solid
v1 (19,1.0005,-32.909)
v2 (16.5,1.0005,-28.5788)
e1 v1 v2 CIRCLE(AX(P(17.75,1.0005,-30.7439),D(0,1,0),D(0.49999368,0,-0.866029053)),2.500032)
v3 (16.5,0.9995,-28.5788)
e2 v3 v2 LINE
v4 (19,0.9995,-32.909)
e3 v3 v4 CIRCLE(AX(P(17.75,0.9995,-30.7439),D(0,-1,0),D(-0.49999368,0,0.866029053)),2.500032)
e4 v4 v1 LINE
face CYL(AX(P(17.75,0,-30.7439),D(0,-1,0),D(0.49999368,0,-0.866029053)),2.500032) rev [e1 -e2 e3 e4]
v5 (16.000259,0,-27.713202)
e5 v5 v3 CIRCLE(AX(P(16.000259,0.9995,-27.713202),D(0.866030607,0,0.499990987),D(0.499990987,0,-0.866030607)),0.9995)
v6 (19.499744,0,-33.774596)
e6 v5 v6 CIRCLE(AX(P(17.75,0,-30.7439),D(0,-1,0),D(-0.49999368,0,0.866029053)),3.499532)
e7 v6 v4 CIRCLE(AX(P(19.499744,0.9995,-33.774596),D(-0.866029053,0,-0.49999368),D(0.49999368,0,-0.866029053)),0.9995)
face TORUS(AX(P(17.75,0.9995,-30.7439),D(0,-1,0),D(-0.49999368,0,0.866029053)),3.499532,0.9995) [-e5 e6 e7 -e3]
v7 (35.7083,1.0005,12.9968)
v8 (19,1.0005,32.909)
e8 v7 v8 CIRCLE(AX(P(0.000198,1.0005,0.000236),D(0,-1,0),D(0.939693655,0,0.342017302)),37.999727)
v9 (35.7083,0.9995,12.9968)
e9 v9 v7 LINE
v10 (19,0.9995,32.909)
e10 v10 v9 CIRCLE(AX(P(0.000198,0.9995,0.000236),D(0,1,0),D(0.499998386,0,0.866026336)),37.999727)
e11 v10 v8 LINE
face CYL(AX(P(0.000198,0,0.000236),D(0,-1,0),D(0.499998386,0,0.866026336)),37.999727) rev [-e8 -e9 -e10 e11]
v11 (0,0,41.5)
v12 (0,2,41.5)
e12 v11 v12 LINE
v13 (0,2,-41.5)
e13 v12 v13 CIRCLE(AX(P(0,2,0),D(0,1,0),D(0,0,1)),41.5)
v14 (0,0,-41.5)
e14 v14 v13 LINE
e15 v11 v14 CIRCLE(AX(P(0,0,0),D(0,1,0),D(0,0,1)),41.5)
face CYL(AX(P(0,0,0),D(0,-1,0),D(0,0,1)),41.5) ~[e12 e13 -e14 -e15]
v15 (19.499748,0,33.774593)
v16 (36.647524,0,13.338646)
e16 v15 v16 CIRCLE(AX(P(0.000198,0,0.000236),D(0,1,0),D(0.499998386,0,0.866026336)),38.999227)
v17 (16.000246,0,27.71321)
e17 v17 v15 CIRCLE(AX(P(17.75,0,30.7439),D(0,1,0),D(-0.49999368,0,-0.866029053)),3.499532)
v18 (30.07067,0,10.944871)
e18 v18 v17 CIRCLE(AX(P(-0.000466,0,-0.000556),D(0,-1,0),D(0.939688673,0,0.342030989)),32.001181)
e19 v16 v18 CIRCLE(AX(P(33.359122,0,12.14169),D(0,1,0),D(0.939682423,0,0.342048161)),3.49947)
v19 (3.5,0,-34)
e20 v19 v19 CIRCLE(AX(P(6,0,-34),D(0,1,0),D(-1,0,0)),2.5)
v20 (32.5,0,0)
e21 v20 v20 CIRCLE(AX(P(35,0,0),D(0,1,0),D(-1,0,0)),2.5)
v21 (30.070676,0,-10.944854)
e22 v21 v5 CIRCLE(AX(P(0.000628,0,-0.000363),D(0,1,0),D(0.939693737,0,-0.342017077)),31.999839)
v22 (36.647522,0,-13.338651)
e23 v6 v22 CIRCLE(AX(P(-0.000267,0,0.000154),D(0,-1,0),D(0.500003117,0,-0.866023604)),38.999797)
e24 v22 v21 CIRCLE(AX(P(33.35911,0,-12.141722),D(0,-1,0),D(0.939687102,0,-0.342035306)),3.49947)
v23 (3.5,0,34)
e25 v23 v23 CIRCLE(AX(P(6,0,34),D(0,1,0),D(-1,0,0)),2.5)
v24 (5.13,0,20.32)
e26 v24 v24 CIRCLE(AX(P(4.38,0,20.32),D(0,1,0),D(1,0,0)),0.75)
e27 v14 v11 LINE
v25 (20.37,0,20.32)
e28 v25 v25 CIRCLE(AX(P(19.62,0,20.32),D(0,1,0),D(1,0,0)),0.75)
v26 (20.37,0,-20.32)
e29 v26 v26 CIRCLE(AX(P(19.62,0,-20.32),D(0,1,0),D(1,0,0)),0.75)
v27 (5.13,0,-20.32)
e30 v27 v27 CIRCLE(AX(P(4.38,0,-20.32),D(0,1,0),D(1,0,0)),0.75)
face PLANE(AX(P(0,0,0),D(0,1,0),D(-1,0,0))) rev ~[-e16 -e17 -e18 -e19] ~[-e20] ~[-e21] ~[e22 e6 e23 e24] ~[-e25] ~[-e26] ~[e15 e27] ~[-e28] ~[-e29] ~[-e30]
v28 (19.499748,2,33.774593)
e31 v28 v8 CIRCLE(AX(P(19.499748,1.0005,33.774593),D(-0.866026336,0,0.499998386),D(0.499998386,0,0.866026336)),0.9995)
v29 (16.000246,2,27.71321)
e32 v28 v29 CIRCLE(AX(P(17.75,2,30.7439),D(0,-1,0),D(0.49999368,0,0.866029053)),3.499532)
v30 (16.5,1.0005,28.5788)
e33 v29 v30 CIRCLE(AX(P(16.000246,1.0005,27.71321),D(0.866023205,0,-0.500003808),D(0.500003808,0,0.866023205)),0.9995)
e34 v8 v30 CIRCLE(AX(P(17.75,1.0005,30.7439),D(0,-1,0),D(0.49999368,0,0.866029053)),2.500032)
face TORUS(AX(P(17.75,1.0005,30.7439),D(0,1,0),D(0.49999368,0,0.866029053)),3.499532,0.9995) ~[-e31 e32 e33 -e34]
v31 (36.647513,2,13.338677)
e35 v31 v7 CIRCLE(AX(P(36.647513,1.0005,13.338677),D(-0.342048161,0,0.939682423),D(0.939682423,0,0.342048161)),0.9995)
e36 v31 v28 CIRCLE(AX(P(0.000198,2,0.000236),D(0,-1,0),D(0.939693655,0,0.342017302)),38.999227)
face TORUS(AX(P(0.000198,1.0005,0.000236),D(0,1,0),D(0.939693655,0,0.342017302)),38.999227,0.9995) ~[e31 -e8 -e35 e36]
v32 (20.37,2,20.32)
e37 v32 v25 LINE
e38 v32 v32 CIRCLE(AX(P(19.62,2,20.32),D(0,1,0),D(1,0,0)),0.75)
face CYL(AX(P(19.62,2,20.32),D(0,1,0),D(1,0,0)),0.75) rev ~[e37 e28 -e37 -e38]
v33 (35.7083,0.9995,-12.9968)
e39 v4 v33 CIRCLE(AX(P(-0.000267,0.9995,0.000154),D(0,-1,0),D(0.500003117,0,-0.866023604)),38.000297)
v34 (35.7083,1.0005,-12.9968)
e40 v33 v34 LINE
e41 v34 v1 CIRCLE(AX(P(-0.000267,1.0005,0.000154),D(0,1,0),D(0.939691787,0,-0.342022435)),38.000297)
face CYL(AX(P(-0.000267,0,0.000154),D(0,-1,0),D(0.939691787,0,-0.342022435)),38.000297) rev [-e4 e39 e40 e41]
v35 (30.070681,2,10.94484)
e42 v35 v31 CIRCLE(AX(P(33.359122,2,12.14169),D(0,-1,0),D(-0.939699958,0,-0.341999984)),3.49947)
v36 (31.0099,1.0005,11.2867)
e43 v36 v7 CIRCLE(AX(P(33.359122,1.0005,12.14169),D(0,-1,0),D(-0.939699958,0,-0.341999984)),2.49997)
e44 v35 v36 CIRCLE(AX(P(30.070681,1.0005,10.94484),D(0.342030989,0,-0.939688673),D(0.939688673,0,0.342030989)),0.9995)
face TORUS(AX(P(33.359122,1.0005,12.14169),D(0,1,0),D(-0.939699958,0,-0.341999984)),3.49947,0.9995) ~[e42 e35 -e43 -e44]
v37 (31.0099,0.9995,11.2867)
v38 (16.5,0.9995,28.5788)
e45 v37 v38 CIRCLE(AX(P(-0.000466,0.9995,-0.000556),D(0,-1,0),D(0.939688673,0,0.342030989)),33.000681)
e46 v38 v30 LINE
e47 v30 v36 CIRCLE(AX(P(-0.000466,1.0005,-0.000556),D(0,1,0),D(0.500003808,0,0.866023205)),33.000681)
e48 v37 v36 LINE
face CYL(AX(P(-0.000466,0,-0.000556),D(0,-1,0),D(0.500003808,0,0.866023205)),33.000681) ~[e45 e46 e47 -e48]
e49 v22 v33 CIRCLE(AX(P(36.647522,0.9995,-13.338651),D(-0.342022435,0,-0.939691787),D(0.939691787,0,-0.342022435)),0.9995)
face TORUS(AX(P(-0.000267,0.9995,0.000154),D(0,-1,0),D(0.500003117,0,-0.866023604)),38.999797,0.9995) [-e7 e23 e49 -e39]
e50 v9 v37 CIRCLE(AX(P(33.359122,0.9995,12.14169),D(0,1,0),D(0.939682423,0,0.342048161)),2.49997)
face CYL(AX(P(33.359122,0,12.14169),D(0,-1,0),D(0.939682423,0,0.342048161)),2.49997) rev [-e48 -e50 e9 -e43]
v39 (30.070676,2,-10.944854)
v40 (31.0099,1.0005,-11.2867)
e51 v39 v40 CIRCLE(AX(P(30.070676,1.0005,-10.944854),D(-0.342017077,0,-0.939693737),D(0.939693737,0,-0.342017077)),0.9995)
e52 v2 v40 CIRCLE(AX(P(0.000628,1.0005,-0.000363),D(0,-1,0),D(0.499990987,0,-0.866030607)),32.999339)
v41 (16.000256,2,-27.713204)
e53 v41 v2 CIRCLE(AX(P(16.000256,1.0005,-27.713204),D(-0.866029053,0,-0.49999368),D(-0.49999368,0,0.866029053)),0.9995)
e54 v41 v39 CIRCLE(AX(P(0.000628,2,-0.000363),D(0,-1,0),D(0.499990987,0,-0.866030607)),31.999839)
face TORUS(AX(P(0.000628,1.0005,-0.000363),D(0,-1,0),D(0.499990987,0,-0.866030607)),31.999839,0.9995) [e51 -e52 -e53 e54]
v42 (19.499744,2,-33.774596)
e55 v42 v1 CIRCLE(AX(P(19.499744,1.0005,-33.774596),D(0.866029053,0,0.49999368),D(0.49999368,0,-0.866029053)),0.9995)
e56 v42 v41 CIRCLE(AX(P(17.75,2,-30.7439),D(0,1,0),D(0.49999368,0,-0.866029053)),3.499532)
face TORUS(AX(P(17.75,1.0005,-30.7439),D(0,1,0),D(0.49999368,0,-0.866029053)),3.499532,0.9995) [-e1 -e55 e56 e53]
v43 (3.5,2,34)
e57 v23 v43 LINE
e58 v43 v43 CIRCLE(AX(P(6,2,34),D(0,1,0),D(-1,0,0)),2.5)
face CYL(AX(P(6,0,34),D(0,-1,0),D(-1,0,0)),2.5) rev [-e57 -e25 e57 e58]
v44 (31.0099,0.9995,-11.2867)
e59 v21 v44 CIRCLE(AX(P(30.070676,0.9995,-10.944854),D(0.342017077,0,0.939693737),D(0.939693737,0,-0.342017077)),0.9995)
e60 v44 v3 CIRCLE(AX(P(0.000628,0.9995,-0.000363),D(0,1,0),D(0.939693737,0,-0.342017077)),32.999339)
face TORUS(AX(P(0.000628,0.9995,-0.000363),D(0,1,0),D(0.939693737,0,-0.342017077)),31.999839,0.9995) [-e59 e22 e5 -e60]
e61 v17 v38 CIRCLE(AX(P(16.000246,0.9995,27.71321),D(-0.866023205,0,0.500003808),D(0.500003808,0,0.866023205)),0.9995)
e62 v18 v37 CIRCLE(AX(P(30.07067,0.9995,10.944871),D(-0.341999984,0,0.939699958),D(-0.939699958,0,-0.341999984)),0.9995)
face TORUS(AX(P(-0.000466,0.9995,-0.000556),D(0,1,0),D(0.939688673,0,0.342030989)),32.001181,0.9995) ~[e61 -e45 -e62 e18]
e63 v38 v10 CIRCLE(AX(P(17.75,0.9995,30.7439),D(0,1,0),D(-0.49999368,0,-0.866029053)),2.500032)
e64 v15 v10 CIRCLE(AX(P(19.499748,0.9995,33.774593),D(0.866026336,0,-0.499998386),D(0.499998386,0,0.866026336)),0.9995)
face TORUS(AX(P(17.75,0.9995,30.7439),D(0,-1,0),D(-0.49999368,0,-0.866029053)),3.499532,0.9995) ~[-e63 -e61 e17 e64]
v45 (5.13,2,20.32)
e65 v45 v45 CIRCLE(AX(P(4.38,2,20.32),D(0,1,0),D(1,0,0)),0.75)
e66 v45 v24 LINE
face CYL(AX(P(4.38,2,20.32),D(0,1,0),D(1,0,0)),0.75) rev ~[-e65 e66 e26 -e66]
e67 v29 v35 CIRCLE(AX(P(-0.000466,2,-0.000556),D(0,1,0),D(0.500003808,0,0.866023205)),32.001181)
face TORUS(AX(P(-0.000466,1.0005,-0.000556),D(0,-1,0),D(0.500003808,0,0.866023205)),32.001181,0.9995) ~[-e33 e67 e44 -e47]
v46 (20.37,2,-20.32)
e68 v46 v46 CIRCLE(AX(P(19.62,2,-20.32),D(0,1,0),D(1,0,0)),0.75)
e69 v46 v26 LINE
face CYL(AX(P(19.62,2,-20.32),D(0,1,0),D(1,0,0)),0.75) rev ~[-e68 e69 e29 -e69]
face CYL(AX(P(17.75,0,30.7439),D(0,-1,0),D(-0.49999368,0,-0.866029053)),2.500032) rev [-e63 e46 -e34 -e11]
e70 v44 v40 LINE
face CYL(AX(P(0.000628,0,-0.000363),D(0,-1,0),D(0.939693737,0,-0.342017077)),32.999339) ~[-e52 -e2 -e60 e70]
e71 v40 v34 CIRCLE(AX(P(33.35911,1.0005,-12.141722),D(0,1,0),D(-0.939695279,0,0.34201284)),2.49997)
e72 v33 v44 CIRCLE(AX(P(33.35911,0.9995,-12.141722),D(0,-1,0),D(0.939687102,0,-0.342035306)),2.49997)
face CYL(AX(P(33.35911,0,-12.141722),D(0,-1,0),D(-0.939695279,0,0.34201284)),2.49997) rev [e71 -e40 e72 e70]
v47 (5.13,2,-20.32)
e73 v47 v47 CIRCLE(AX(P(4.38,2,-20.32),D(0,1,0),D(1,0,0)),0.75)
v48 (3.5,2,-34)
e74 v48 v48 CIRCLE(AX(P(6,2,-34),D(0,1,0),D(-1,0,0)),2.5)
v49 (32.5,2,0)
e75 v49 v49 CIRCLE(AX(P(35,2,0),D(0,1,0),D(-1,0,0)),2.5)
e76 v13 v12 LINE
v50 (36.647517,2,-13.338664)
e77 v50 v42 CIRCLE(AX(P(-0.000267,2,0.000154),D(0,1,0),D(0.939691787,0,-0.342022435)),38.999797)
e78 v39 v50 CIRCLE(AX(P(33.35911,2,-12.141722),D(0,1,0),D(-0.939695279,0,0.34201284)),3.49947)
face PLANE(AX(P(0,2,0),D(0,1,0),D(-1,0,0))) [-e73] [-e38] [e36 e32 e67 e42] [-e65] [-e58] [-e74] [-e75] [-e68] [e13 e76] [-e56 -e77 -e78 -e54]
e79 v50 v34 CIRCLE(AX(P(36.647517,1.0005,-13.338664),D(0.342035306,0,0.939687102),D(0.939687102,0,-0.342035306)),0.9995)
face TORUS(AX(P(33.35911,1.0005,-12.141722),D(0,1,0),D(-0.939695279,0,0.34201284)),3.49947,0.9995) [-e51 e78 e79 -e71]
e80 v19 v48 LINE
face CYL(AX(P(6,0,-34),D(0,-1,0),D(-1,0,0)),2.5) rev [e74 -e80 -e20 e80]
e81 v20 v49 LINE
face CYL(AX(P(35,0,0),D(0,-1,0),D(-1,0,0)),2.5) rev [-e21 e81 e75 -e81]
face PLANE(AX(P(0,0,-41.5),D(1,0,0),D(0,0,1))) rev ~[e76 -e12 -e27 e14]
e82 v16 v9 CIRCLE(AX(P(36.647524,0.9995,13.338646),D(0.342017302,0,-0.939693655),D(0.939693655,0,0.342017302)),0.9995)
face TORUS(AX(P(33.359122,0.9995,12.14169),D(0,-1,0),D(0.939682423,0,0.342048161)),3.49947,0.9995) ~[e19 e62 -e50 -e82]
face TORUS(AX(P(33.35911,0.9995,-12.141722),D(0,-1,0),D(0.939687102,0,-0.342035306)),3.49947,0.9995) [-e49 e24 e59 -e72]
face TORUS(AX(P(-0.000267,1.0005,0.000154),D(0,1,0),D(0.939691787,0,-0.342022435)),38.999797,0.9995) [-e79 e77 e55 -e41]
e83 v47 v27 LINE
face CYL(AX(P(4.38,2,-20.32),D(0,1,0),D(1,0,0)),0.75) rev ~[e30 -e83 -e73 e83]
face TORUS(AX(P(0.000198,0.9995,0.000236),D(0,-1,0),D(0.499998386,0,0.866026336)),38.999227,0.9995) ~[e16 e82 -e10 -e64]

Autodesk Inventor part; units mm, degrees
ref_plane "YZ Plane" through (0, 0, 0) normal (1, 0, 0) x (0, 1, 0)
ref_plane "XZ Plane" through (0, 0, 0) normal (0, 1, 0) x (-1, 0, 0)
ref_plane "XY Plane" through (0, 0, 0) normal (0, 0, 1) x (1, 0, 0)
sketch "Sketch1" plane through (0, 0, 0) normal (0, 1, 0) x (-1, 0, 0)
  circle A0 centre (0, 0) radius 41.5 construction
  line L0 (0, -41.5) -> (0, 41.5)
  arc A1 (0, 41.5) -> (0, -41.5) centre (0, 0) ccw
  circle A2 centre (-6, -34) radius 2.5
  circle A3 centre (-6, 34) radius 2.5
  line L1 (0, 0) -> (-41.5, 0) construction
  circle A4 centre (-35, 0) radius 2.5
  circle A5 centre (0, 0) radius 35.5 construction
  line L2 (0, 0) -> (-20.75, -35.9401) construction
  line L3 (0, 0) -> (-38.9972, -14.1938) construction
  arc A6 (-33.3591, -12.1417) -> (-17.75, -30.7439) centre (0, 0) ccw construction
  arc A7 (-35.7083, -12.9968) -> (-19, -32.909) centre (0, 0) ccw
  arc A8 (-31.0099, -11.2867) -> (-16.5, -28.5788) centre (0, 0) ccw
  arc A9 (-31.0099, -11.2867) -> (-35.7083, -12.9968) centre (-33.3591, -12.1417) ccw
  arc A10 (-19, -32.909) -> (-16.5, -28.5788) centre (-17.75, -30.7439) ccw
  arc A11 (-19, 32.909) -> (-35.7083, 12.9968) centre (0, 0) ccw
  arc A12 (-16.5, 28.5788) -> (-31.0099, 11.2867) centre (0, 0) ccw
  arc A13 (-35.7083, 12.9968) -> (-31.0099, 11.2867) centre (-33.3591, 12.1417) ccw
  arc A14 (-16.5, 28.5788) -> (-19, 32.909) centre (-17.75, 30.7439) ccw
  dimension "d2" = 83
  dimension "d3" = 83
  dimension "d4" = 5
  dimension "d5" = 6
  dimension "d6" = 34
  dimension "d7" = 34
  dimension "d8" = 35
  dimension "d11" = 6
  dimension "d12" = 20
  dimension "d13" = 30
  dimension "d14" = 5
extrude "Extrusion1" add sketch "Sketch1" along normal blind 2
sketch "Dimen. Arduino" plane through (0, 2, 0) normal (0, 1, 0) x (1, 0, 0)
  line L0 (0, 0) -> (41.5, 0) construction
  arc A0 (0, -41.5) -> (0, 41.5) centre (0, 0) ccw construction
  line L1 (3.11, -21.59) -> (20.89, -21.59) construction
  line L2 (20.89, -21.59) -> (20.89, 21.59) construction
  line L3 (20.89, 21.59) -> (3.11, 21.59) construction
  line L4 (3.11, 21.59) -> (3.11, -21.59) construction
  line L5 (3.11, -21.59) -> (20.89, 21.59) construction
  line L6 (20.89, -21.59) -> (3.11, 21.59) construction
  line L7 (19.62, -20.32) -> (4.38, -20.32) construction
  line L8 (4.38, -20.32) -> (4.38, 20.32) construction
  line L9 (4.38, 20.32) -> (19.62, 20.32) construction
  line L10 (19.62, 20.32) -> (19.62, -20.32) construction
  line L11 (19.62, -20.32) -> (4.38, 20.32) construction
  line L12 (4.38, -20.32) -> (19.62, 20.32) construction
  circle A1 centre (4.38, 20.32) radius 0.75
  circle A2 centre (19.62, 20.32) radius 0.75
  circle A3 centre (4.38, -20.32) radius 0.75
  circle A4 centre (19.62, -20.32) radius 0.75
  point P0 (12, 0)
  dimension "d17" = 43.18
  dimension "d18" = 17.78
  dimension "d19" = 12
  dimension "d20" = 1.27
  dimension "d21" = 1.27
  dimension "d22" = 1.5
extrude "Extrusion2" cut sketch "Dimen. Arduino" against normal through all
fillet "Fillet1" radius 1 16 edges at (25.2795, 2, 21.212) (34.2141, 2, 9.7925) (29.1097, 2, 24.4259) (15.5849, 2, 31.9939) (15.5849, 2, -31.9939) (29.1097, 2, -24.4259) (34.2141, 2, -9.7925) (25.2795, 2, -21.212) (29.1097, 0, 24.4259) (15.5849, 0, 31.9939) (25.2795, 0, 21.212) (34.2141, 0, 9.7925) (25.2795, 0, -21.212) (15.5849, 0, -31.9939) (29.1097, 0, -24.4259) (34.2141, 0, -9.7925)
properties part number "_3DPrint"
